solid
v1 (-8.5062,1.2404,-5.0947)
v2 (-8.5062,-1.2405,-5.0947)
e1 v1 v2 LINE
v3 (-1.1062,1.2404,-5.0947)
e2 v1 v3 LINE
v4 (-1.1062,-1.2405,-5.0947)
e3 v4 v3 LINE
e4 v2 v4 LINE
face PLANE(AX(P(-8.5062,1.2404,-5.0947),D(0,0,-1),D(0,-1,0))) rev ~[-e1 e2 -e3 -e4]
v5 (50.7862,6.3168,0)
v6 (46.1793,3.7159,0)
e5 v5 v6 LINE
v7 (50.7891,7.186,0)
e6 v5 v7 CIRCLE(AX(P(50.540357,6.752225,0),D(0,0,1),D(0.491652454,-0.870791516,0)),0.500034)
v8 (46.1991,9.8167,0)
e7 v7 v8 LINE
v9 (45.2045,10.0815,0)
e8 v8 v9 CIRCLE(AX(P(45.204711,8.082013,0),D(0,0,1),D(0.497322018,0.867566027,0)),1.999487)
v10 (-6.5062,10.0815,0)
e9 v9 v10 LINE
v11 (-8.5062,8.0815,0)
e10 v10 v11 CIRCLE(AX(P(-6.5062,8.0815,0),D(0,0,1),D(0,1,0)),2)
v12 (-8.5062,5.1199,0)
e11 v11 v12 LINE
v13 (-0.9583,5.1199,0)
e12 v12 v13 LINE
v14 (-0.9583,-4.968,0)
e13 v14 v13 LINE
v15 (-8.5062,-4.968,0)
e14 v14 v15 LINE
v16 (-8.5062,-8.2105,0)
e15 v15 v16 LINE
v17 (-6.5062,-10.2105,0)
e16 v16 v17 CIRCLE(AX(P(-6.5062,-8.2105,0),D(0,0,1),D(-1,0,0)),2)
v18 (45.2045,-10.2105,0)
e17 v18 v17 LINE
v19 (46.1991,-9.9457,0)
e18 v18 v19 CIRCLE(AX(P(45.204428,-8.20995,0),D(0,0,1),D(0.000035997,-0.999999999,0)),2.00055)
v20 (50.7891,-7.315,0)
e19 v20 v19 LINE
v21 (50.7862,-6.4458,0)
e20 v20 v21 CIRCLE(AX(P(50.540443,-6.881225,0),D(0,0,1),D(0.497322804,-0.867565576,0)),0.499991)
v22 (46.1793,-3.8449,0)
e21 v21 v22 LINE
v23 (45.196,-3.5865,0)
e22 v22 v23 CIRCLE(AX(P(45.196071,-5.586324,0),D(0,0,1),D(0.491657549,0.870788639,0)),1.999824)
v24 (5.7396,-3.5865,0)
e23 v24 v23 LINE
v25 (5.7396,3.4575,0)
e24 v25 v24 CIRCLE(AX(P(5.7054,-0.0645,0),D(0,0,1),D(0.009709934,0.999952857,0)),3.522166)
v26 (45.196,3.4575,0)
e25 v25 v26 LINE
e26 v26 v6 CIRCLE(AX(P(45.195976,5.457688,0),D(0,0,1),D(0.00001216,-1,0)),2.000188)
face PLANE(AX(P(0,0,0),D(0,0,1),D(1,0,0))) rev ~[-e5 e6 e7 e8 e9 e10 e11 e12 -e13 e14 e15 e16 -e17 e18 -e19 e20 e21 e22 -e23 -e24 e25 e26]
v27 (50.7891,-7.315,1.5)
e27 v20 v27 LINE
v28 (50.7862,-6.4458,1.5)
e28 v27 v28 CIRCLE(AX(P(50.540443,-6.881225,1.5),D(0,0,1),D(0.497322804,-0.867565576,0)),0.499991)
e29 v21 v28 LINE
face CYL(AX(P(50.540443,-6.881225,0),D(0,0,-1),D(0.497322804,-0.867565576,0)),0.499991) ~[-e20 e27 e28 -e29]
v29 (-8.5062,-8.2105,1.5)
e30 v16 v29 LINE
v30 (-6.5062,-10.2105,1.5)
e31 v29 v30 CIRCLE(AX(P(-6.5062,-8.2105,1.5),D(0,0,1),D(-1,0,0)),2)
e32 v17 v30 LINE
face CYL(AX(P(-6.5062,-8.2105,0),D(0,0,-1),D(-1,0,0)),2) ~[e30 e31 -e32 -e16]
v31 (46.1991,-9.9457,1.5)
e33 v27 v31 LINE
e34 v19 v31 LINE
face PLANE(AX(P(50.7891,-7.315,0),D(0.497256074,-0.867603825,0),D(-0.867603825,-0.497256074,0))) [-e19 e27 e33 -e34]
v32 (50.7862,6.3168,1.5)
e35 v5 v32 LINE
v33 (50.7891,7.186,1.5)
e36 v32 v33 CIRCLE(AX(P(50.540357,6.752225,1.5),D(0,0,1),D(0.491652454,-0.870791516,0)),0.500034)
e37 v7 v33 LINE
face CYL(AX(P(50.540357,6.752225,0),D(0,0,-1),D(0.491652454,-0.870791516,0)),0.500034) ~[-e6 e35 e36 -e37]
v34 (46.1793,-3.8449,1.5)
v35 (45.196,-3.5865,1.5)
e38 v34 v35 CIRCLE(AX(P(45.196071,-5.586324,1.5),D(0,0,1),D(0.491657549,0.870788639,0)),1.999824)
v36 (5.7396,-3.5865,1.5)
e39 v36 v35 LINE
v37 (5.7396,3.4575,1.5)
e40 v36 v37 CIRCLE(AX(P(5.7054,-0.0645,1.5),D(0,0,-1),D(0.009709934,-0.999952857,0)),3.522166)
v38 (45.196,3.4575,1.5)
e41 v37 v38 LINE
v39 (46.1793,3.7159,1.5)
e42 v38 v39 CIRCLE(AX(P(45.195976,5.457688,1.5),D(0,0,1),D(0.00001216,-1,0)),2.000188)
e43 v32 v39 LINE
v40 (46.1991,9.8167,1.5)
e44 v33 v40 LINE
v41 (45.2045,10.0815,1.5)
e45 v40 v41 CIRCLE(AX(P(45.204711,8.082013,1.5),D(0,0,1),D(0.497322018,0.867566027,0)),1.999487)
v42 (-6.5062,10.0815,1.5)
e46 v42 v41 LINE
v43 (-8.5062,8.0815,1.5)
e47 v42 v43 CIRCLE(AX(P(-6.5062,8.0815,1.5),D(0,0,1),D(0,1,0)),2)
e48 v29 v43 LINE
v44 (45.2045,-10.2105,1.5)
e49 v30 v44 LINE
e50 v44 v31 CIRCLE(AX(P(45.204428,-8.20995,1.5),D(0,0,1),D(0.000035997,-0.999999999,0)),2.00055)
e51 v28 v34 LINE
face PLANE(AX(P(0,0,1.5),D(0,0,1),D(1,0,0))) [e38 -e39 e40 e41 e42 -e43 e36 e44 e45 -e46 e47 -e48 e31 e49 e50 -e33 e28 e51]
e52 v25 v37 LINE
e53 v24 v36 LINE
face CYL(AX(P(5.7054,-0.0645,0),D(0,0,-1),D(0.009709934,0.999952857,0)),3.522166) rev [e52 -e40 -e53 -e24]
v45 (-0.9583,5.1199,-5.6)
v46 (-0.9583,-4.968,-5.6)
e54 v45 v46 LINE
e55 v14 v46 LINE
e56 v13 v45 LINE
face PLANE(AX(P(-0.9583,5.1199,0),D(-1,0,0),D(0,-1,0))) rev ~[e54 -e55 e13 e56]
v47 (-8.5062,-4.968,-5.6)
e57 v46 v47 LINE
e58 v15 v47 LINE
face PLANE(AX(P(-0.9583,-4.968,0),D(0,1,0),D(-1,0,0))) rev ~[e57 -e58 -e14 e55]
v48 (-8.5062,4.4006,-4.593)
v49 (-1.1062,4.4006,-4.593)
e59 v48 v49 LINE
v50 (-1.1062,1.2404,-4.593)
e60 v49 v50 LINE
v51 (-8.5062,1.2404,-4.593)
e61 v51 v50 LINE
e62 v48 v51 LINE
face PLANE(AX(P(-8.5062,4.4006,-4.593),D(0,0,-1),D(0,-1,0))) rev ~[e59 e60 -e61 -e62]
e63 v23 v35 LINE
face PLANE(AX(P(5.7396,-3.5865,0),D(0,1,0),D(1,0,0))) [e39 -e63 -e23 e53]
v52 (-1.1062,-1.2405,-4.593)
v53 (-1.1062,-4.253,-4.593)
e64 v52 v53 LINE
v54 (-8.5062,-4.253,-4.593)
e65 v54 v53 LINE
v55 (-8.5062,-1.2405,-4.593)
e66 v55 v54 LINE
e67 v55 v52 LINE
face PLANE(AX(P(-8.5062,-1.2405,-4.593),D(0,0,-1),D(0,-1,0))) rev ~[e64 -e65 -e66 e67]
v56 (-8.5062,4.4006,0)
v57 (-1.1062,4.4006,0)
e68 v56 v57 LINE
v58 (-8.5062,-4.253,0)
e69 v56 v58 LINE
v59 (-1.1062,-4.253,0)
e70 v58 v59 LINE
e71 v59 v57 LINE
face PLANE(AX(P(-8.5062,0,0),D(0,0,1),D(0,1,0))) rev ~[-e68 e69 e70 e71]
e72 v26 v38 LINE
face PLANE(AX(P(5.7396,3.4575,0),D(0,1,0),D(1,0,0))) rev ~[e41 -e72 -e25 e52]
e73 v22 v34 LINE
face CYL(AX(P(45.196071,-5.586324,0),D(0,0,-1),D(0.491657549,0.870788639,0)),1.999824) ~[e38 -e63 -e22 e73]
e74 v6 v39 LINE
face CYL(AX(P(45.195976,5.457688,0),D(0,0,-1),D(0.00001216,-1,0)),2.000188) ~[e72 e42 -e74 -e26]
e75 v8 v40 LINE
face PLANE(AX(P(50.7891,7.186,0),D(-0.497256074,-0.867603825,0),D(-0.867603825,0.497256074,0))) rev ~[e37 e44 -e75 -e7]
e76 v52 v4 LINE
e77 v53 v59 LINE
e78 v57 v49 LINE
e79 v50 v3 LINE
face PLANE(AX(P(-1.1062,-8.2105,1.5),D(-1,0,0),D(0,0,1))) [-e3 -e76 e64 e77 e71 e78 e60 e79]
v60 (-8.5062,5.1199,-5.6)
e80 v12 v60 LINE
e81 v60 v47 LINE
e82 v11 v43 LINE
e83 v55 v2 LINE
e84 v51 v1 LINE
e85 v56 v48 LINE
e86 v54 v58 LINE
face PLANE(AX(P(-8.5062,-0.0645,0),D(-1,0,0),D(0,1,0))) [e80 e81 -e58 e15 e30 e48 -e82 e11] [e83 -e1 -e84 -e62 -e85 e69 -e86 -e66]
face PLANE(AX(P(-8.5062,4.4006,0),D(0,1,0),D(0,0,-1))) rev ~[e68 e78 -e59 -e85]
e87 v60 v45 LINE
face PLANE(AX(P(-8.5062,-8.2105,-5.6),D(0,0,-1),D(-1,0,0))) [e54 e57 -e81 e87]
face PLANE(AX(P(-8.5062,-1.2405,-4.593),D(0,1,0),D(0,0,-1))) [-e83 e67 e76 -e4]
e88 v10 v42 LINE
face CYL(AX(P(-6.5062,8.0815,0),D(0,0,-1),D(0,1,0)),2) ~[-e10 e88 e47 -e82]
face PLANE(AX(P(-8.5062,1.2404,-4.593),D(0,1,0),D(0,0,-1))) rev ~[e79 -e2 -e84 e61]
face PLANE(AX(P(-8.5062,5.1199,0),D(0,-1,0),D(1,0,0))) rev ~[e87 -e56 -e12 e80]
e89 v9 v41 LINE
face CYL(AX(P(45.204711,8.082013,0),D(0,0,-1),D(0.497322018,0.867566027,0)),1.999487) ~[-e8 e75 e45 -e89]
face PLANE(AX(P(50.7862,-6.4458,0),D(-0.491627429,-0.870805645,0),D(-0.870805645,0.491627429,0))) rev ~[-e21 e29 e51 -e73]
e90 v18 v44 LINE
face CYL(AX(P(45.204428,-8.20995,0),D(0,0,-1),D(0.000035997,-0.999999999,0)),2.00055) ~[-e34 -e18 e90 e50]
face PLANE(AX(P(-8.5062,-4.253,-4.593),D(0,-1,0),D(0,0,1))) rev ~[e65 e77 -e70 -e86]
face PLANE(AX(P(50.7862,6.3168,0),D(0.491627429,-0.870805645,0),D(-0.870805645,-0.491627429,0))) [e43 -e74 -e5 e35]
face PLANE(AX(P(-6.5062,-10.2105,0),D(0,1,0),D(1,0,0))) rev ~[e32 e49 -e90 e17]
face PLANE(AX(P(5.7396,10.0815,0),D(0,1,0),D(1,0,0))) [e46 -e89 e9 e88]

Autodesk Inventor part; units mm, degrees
ref_plane "YZ Plane" through (0, 0, 0) normal (1, 0, 0) x (0, 1, 0)
ref_plane "XZ Plane" through (0, 0, 0) normal (0, 1, 0) x (-1, 0, 0)
ref_plane "XY Plane" through (0, 0, 0) normal (0, 0, 1) x (1, 0, 0)
sketch "Sketch1" plane through (0, 0, 0) normal (0, 0, 1) x (1, 0, 0)
  line L0 (-9.4004, -0.0645) -> (24.8301, -0.0645)
  line L1 (-8.5062, -0.0645) -> (-8.5062, 8.0815)
  line L2 (-6.5062, 10.0815) -> (45.2045, 10.0815)
  line L3 (5.7396, 3.4575) -> (45.196, 3.4575)
  line L4 (-8.5062, -0.0645) -> (-8.5062, -8.2105)
  line L5 (-6.5062, -10.2105) -> (45.2045, -10.2105)
  line L6 (5.7396, -3.5865) -> (45.196, -3.5865)
  line L7 (50.7891, 7.186) -> (46.1991, 9.8167)
  line L8 (50.7862, 6.3168) -> (46.1793, 3.7159)
  line L9 (50.7891, -7.315) -> (46.1991, -9.9457)
  line L10 (50.7862, -6.4458) -> (46.1793, -3.8449)
  arc A0 (5.7396, 3.4575) -> (5.7396, -3.5865) centre (5.7054, -0.0645) ccw
  arc A1 (-6.5062, 10.0815) -> (-8.5062, 8.0815) centre (-6.5062, 8.0815) ccw
  arc A2 (-8.5062, -8.2105) -> (-6.5062, -10.2105) centre (-6.5062, -8.2105) ccw
  arc A3 (46.1991, 9.8167) -> (45.2045, 10.0815) centre (45.2045, 8.0815) ccw
  arc A4 (45.196, 3.4575) -> (46.1793, 3.7159) centre (45.196, 5.4575) ccw
  arc A5 (50.7862, 6.3168) -> (50.7891, 7.186) centre (50.5404, 6.7522) ccw
  line L11 (50.7891, -7.315) -> (46.1991, -9.9457)
  line L12 (50.7862, -6.4458) -> (46.1793, -3.8449)
  arc A6 (45.2045, -10.2105) -> (46.1991, -9.9457) centre (45.2045, -8.2105) ccw
  arc A7 (46.1793, -3.8449) -> (45.196, -3.5865) centre (45.196, -5.5865) ccw
  arc A8 (50.7891, -7.315) -> (50.7862, -6.4458) centre (50.5404, -6.8812) ccw
  line L13 (5.7396, 3.4575) -> (5.7396, 10.0815)
  line L14 (5.7396, -3.5865) -> (5.7396, -10.2105)
  point P0 (0, 0)
  point P1 (51.4938, 10.0604)
  point P2 (51.4938, -10.1894)
  dimension "d7" = 6.624
  dimension "d11" = 2
  dimension "d12" = 2
  dimension "d13" = 0.5
extrude "Extrusion1" add sketch "Sketch1" along normal blind 1.5 contours L13 L2 A3 L7 A5 L8 A4 L3 | L6 A7 L10 A8 L9 A6 L5 L14
extrude "Extrusion2" add sketch "Sketch1" along normal blind 1.5 contours L1 A1 L2 L13 A0 L0 | L0 A0 L14 L5 A2 L4
split_face "Split1"
sketch "Sketch2" plane through (-8.5062, -8.2105, 0) normal (0, 0, -1) x (-1, 0, 0)
  line L0 (0, 16.292) -> (0, 0) projected
  line L1 (0, 13.3304) -> (-7.5479, 13.3304)
  line L2 (-7.5479, 13.3304) -> (-7.5479, 3.2425)
  line L3 (-7.5479, 3.2425) -> (0, 3.2425)
  line L4 (0, 3.2425) -> (0, 13.3304)
  line L5 (-8.5062, 8.2105) -> (18.1258, 8.2105)
  point P0 (0, 3.2425)
  dimension "d16" = 7.5479
  dimension "d17" = 10.0879
  dimension "d18" = 4.968
extrude "Extrusion3" add sketch "Sketch2" along normal blind 5.6
sketch "Sketch4" plane through (-8.5062, -8.2105, 1.5) normal (-1, 0, 0) x (0, 0, 1)
  line L0 (-1.5, 11.668) -> (-1.5, 18.292) projected
  line L1 (-6.093, 3.9575) -> (-1.5, 3.9575)
  line L2 (-1.5, 3.9575) -> (-1.5, 12.6111)
  line L3 (-1.5, 12.6111) -> (-6.093, 12.6111)
  line L4 (-7.1, 3.2425) -> (-7.1, 13.3304) projected
  line L5 (-1.5, 3.2425) -> (-7.1, 3.2425) projected
  line L6 (-1.5, 13.3304) -> (-7.1, 13.3304) projected
  line L7 (-1.5, 8.2105) -> (-9.0756, 8.2105)
  line L8 (-6.093, 6.97) -> (-6.5947, 6.97)
  line L9 (-6.5947, 6.97) -> (-6.5947, 8.2105)
  line L10 (-6.093, 9.4509) -> (-6.5947, 9.4509)
  line L11 (-6.5947, 9.4509) -> (-6.5947, 8.2105)
  line L12 (-6.093, 12.6111) -> (-6.093, 9.4509)
  line L13 (-6.093, 6.97) -> (-6.093, 3.9575)
  dimension "d22" = 0.715
  dimension "d23" = 0.7192
extrude "Extrusion4" cut sketch "Sketch4" against normal blind 7.4 contours L2 L7 L11 L10 L12 L3 L0 | L2 L1 L13 L8 L9 L7
properties part number "sensorhumedad" material "Brass, Soft Yellow"
